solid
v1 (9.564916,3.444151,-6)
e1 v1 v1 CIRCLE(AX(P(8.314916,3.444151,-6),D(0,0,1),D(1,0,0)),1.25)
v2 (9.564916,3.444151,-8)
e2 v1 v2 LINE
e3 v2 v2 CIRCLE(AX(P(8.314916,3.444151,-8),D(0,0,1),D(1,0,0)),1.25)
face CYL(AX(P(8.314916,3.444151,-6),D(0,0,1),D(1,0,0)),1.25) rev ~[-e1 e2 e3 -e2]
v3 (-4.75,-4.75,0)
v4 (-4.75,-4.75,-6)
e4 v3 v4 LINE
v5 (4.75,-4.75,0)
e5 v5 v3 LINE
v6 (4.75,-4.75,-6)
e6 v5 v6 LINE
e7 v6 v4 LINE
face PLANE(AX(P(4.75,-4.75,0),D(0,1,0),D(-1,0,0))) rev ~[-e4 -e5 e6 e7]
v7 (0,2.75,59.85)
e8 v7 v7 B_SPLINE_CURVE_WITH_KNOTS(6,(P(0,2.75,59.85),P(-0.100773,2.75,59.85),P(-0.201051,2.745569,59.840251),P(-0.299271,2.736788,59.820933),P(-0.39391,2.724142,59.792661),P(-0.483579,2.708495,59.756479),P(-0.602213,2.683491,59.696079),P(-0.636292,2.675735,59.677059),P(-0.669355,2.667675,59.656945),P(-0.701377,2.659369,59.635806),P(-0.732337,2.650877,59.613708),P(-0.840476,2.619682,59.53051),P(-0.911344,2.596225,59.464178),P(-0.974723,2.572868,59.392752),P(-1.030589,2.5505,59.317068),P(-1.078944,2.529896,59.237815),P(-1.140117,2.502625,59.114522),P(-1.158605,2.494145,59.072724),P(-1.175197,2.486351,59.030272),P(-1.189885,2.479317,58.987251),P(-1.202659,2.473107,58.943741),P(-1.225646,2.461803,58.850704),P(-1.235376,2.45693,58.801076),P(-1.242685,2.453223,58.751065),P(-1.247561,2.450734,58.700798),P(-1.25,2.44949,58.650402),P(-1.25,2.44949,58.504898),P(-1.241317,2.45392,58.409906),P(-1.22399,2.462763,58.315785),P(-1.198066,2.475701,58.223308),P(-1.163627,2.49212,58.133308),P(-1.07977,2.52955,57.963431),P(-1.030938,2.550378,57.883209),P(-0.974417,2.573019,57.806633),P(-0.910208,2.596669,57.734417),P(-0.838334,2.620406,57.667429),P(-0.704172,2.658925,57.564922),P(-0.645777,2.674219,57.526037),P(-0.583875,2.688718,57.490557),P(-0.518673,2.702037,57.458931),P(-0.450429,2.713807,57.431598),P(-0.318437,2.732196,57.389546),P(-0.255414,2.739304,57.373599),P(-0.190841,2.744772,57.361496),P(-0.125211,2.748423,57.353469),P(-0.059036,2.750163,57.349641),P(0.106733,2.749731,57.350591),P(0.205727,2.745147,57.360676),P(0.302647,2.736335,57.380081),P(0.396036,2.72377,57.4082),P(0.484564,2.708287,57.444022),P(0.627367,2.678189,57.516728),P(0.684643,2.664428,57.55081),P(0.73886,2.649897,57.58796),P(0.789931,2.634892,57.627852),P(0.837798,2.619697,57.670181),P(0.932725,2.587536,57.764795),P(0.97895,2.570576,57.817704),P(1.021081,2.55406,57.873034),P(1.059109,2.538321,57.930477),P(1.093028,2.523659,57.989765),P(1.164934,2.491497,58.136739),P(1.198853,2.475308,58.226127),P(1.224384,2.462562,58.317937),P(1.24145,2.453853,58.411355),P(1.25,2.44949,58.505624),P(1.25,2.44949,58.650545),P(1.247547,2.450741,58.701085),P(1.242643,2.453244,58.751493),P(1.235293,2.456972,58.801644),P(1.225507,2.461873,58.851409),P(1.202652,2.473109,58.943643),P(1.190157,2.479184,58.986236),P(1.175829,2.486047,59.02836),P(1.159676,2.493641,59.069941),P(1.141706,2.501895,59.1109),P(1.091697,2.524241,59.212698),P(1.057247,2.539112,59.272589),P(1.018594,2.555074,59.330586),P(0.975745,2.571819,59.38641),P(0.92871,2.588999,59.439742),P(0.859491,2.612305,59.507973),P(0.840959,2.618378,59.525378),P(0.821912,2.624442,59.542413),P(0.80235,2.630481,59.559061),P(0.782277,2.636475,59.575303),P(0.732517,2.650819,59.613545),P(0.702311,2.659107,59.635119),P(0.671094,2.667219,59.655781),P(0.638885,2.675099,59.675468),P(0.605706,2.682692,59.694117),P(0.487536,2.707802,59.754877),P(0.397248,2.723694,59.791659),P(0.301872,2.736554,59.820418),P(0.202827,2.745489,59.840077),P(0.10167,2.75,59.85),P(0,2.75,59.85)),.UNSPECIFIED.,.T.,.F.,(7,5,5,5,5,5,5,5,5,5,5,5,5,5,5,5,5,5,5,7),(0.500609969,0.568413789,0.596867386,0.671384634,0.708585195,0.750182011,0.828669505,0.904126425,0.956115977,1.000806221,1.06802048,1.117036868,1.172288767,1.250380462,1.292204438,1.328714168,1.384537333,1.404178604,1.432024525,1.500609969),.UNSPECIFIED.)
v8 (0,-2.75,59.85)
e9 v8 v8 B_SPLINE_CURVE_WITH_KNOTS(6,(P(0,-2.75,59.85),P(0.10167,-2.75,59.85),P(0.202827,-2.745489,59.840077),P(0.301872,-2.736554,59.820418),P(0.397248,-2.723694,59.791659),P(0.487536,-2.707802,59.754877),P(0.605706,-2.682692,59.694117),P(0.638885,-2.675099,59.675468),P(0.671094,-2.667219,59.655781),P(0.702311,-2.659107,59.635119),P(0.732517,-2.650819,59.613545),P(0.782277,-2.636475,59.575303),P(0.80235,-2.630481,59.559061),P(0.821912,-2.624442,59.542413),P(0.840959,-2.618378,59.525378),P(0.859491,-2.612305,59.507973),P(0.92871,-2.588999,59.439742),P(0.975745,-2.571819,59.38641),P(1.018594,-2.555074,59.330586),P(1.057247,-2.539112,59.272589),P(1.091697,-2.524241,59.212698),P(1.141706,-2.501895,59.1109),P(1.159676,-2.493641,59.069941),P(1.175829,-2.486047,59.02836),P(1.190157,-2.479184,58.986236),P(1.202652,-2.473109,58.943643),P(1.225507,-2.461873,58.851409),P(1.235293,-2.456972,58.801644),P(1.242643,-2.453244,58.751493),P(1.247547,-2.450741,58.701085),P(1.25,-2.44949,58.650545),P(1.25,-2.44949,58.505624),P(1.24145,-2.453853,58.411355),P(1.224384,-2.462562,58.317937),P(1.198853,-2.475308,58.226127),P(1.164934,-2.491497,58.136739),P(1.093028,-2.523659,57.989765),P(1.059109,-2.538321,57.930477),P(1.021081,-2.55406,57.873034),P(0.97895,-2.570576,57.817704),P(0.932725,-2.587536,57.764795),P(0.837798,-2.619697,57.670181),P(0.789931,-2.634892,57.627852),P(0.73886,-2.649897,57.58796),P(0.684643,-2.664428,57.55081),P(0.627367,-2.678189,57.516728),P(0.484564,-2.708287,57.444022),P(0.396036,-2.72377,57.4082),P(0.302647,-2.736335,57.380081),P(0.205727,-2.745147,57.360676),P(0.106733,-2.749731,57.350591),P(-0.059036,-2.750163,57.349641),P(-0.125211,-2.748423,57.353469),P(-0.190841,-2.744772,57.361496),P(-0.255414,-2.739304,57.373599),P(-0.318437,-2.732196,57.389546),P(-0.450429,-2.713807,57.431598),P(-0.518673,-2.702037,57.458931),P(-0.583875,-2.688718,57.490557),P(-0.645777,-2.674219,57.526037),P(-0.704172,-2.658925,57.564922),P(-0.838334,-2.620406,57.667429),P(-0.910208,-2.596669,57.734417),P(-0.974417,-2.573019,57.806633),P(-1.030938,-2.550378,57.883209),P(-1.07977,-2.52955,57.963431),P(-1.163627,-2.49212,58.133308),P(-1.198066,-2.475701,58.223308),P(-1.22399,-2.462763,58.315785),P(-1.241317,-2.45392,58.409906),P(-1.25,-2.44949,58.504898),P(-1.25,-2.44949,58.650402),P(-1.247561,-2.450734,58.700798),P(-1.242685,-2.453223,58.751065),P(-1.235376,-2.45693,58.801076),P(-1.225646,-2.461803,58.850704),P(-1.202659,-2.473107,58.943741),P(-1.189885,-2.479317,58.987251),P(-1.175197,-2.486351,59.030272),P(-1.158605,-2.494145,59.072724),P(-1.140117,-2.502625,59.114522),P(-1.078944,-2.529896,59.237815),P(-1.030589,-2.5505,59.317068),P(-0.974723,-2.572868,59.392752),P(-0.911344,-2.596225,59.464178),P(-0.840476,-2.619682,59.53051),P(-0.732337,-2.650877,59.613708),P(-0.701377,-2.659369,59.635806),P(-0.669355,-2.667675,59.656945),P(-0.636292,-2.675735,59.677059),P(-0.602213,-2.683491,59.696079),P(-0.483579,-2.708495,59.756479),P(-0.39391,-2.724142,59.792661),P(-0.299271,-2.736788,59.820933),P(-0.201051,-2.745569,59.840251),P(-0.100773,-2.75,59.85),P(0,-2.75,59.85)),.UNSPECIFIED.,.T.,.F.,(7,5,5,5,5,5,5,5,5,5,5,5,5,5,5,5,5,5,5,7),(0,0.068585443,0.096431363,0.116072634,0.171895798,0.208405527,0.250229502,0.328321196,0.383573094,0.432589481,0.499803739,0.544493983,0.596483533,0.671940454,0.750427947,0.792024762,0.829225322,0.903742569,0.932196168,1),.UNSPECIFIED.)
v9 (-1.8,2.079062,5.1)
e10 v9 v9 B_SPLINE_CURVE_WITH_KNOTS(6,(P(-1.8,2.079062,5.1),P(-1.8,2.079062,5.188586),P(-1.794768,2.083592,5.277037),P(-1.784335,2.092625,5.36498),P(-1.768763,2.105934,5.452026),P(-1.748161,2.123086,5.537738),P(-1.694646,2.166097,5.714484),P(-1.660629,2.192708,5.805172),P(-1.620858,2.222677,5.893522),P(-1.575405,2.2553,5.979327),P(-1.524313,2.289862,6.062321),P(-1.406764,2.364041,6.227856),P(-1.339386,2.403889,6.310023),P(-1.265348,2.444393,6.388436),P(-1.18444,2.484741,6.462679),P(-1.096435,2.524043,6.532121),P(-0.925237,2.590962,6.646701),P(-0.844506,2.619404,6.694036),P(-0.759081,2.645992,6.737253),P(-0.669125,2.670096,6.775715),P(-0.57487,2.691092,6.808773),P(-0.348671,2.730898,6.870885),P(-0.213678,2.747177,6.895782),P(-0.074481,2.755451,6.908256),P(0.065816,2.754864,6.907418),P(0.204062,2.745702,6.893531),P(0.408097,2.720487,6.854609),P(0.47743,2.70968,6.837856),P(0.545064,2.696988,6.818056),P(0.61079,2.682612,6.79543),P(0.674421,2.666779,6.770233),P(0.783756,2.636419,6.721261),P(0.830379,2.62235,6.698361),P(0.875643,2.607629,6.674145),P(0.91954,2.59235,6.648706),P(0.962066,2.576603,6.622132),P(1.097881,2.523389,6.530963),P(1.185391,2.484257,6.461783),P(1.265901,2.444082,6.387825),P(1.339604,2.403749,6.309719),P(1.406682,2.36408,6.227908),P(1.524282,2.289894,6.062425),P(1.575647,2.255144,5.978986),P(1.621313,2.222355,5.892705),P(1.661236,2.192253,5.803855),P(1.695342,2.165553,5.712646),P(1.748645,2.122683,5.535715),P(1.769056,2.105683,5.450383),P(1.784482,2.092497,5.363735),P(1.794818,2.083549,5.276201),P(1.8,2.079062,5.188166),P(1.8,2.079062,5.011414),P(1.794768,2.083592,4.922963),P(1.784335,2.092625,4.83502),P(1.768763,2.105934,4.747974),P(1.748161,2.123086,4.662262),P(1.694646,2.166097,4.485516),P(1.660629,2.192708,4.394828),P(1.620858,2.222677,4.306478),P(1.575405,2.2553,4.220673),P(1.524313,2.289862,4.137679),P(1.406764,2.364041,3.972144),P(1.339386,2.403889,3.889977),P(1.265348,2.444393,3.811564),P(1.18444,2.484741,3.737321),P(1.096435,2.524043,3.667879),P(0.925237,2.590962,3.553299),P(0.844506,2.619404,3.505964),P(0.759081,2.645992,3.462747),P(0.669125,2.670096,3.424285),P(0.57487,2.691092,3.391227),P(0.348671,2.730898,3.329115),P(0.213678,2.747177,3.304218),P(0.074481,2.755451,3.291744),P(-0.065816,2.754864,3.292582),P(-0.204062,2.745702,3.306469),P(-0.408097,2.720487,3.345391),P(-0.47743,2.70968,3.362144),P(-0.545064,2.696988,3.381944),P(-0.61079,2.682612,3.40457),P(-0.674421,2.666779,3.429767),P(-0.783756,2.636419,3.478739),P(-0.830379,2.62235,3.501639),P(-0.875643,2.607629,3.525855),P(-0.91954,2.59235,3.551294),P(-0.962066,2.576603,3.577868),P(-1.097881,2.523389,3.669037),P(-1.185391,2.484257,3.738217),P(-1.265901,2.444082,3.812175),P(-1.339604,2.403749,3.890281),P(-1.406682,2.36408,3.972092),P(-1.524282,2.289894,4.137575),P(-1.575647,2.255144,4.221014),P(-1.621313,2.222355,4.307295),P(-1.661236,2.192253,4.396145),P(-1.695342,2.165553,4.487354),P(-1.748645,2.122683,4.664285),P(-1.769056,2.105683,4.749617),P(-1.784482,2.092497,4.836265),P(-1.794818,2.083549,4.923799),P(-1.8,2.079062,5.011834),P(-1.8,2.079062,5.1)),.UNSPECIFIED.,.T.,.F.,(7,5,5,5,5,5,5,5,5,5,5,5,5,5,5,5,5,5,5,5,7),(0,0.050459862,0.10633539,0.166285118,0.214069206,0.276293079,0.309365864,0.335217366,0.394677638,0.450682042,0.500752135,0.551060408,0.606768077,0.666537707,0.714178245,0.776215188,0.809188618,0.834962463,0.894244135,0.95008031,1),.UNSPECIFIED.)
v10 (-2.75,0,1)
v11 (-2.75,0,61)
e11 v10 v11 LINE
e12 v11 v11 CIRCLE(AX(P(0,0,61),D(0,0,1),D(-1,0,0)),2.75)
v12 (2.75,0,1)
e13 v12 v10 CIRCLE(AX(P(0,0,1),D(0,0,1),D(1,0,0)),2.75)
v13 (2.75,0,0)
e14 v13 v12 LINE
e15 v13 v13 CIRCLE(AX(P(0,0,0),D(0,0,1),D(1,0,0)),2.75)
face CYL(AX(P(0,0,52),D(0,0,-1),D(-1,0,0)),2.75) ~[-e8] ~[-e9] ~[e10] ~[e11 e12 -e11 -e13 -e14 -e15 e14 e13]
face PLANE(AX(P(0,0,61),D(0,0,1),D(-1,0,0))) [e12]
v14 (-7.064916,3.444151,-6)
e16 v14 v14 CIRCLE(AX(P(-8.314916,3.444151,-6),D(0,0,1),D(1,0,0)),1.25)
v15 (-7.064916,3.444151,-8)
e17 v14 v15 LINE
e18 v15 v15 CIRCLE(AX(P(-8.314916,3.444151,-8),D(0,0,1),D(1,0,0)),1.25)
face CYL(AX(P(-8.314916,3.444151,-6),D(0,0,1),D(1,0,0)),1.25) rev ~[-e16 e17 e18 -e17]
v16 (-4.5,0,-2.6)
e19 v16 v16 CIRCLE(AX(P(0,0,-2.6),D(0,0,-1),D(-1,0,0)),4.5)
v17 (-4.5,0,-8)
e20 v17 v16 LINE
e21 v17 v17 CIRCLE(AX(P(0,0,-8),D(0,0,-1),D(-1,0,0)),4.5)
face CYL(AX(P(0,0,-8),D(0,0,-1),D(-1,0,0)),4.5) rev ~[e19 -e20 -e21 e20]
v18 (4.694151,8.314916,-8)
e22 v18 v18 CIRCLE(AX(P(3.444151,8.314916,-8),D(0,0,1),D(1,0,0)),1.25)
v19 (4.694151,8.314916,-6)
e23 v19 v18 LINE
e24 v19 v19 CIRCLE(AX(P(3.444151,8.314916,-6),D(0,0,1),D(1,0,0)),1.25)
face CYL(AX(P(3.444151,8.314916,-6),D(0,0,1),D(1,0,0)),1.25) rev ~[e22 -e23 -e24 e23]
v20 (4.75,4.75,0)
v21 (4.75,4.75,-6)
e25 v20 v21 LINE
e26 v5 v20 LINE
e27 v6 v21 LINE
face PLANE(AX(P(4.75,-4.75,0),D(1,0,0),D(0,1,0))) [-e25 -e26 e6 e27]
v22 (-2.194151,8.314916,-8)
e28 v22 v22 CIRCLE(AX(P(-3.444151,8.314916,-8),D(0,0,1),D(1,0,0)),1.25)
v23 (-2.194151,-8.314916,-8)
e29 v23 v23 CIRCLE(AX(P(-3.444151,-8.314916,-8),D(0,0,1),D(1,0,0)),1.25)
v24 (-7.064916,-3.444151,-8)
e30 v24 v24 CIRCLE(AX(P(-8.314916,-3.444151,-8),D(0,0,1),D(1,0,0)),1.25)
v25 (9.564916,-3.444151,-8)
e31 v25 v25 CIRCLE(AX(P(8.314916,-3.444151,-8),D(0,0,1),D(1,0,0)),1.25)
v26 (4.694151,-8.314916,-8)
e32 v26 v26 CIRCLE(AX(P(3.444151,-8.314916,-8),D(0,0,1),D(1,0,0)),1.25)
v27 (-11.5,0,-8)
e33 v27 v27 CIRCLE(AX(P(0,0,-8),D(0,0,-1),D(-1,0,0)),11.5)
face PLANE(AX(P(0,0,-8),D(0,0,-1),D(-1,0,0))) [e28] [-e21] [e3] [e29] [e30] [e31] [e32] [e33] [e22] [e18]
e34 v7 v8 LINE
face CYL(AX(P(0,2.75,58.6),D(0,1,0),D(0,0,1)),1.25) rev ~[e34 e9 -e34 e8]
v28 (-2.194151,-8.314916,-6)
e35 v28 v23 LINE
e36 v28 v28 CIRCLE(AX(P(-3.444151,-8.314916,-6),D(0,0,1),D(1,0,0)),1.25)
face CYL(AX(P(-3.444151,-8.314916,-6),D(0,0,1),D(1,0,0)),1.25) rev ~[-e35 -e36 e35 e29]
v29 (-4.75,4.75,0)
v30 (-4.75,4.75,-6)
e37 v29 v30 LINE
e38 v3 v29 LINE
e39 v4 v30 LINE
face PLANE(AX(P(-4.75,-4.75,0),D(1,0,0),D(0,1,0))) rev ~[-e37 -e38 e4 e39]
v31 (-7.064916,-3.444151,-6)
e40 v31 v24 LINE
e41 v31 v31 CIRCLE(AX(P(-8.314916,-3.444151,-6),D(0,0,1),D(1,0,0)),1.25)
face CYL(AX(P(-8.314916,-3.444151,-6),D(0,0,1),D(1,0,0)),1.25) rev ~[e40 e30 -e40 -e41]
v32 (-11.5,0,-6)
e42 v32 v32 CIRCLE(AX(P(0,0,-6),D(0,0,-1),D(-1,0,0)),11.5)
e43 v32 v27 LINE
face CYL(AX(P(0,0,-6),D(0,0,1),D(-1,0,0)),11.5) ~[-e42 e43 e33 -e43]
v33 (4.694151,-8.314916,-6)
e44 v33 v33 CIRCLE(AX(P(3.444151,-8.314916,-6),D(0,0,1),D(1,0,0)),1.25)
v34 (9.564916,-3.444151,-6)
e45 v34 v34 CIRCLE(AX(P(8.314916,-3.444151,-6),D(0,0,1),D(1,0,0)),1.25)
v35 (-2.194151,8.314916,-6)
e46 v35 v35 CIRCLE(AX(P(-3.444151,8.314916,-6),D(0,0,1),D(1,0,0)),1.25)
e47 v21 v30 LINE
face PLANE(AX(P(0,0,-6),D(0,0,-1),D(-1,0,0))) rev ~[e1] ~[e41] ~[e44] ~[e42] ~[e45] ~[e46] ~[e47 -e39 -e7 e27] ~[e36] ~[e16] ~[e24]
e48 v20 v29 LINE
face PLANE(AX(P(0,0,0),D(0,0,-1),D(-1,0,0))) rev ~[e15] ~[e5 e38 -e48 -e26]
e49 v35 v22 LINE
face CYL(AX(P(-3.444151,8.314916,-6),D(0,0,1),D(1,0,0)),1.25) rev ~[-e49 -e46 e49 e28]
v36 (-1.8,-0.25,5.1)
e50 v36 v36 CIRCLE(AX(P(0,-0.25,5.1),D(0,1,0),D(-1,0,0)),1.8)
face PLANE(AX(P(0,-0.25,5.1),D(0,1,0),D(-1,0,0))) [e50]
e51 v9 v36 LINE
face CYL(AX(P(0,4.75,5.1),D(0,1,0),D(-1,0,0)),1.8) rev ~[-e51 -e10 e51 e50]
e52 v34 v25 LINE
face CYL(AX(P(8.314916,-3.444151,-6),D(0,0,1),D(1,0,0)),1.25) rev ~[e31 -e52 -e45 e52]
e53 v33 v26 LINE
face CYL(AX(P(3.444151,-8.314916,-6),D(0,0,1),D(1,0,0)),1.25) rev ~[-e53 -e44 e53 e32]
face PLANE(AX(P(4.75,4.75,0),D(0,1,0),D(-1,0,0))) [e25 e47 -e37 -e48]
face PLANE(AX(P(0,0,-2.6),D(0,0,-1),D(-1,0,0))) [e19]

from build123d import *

# Parameters (mm, degrees)
SKETCH_1_R           = 2.75
EXTRUDE_1_DEPTH      = 1
SKETCH_3_W           = 9.5
SKETCH_3_H           = 9.5
EXTRUDE_2_DEPTH      = 6
SKETCH_12_W          = 9.5
SKETCH_12_H          = 9.5
EXTRUDE_5_DEPTH      = 45
SKETCH_15_W          = 5.9
SKETCH_15_H          = 20.04910328
EXTRUDE_6_DEPTH      = 6
SKETCH_17_R          = 1.8
CUT_EXTRUDE_9_DEPTH  = 5
SKETCH_18_OUTSIDE_W  = 23.92
SKETCH_18_OUTSIDE_H  = 34.47
SKETCH_18_OUTSIDE_R  = 2.75
CUT_EXTRUDE_10_DEPTH = 60
SKETCH_19_R          = 11.5
EXTRUDE_7_DEPTH      = 2
SKETCH_20_R          = 1.25
CUT_EXTRUDE_11_DEPTH = 2
SKETCH_21_R          = 4.5
CUT_EXTRUDE_13_DEPTH = 5.4
SKETCH_22_R          = 2.75
EXTRUDE_8_DEPTH      = 12
CUT_EXTRUDE_START    = -3
SKETCH_24_R          = 2.75
CUT_EXTRUDE_15_DEPTH = 3
SKETCH_25_R          = 1.25
CUT_EXTRUDE_16_DEPTH = 9


with BuildPart() as part:
    # 스케치1 → 보스-돌출1 (new body)
    with BuildSketch(Plane.XY):
        Circle(SKETCH_1_R)
    extrude(amount=EXTRUDE_1_DEPTH)

    # 스케치3 → 보스-돌출2 (add)
    with BuildSketch(Plane(origin=(0, 0, 0), x_dir=(-1, 0, 0), z_dir=(0, 0, -1))):
        Rectangle(SKETCH_3_W, SKETCH_3_H)
    extrude(amount=EXTRUDE_2_DEPTH)

    # 스케치12 → 보스-돌출5 (add)
    with BuildSketch(Plane.XY.offset(1)):
        Rectangle(SKETCH_12_W, SKETCH_12_H)
    extrude(amount=EXTRUDE_5_DEPTH)

    # 스케치15 → 보스-돌출6 (add)
    with BuildSketch(Plane.XY.offset(46)):
        Rectangle(SKETCH_15_W, SKETCH_15_H)
    extrude(amount=EXTRUDE_6_DEPTH)

    # 스케치17 → 컷-돌출9 (cut)
    with BuildSketch(Plane(origin=(0, 4.75, 0), x_dir=(1, 0, 0), z_dir=(0, 1, 0))):
        with Locations(Location((0, -5.1, 0), (0, 0, 180))):
            Circle(SKETCH_17_R)
    extrude(amount=-CUT_EXTRUDE_9_DEPTH, mode=Mode.SUBTRACT)

    # 스케치18 outside → 컷-돌출10 (cut)
    with BuildSketch(Plane(origin=(0, 0, 1), x_dir=(-1, 0, 0), z_dir=(0, 0, -1))):
        Rectangle(SKETCH_18_OUTSIDE_W, SKETCH_18_OUTSIDE_H)
        Circle(SKETCH_18_OUTSIDE_R, mode=Mode.SUBTRACT)
    extrude(amount=-CUT_EXTRUDE_10_DEPTH, mode=Mode.SUBTRACT)

    # 스케치19 → 보스-돌출7 (add)
    with BuildSketch(Plane(origin=(0, 0, -6), x_dir=(-1, 0, 0), z_dir=(0, 0, -1))):
        Circle(SKETCH_19_R)
    extrude(amount=EXTRUDE_7_DEPTH)

    # 스케치20 → 컷-돌출11 (cut)
    with BuildSketch(Plane.XY.offset(-6)):
        with Locations((3.444150891, 8.314915793)):
            Circle(SKETCH_20_R)
        with Locations((8.314915793, 3.444150891)):
            Circle(SKETCH_20_R)
        with Locations((8.314915793, -3.444150891)):
            Circle(SKETCH_20_R)
        with Locations((3.444150891, -8.314915793)):
            Circle(SKETCH_20_R)
        with Locations((-3.444150891, -8.314915793)):
            Circle(SKETCH_20_R)
        with Locations((-8.314915793, -3.444150891)):
            Circle(SKETCH_20_R)
        with Locations((-8.314915793, 3.444150891)):
            Circle(SKETCH_20_R)
        with Locations((-3.444150891, 8.314915793)):
            Circle(SKETCH_20_R)
    extrude(amount=-CUT_EXTRUDE_11_DEPTH, mode=Mode.SUBTRACT)

    # 스케치21 → 컷-돌출13 (cut)
    with BuildSketch(Plane(origin=(0, 0, -8), x_dir=(-1, 0, 0), z_dir=(0, 0, -1))):
        Circle(SKETCH_21_R)
    extrude(amount=-CUT_EXTRUDE_13_DEPTH, mode=Mode.SUBTRACT)

    # 스케치22 → 보스-돌출8 (add)
    with BuildSketch(Plane.XY.offset(52)):
        with Locations(Location((0, 0, 0), (0, 0, 180))):
            Circle(SKETCH_22_R)
    extrude(amount=EXTRUDE_8_DEPTH)

    # 스케치24 → 컷-돌출15 (cut)
    with BuildSketch(Plane.XY.offset(64).offset(CUT_EXTRUDE_START)):
        with Locations(Location((0, 0, 0), (0, 0, 180))):
            Circle(SKETCH_24_R)
    extrude(amount=CUT_EXTRUDE_15_DEPTH, mode=Mode.SUBTRACT)

    # 스케치25 → 컷-돌출16 (cut)
    with BuildSketch(Plane(origin=(0, 2.75, 0), x_dir=(1, 0, 0), z_dir=(0, 1, 0))):
        with Locations(Location((0, -58.6, 0), (0, 0, 270))):
            Circle(SKETCH_25_R)
    extrude(amount=-CUT_EXTRUDE_16_DEPTH, mode=Mode.SUBTRACT)


solid = part.part
